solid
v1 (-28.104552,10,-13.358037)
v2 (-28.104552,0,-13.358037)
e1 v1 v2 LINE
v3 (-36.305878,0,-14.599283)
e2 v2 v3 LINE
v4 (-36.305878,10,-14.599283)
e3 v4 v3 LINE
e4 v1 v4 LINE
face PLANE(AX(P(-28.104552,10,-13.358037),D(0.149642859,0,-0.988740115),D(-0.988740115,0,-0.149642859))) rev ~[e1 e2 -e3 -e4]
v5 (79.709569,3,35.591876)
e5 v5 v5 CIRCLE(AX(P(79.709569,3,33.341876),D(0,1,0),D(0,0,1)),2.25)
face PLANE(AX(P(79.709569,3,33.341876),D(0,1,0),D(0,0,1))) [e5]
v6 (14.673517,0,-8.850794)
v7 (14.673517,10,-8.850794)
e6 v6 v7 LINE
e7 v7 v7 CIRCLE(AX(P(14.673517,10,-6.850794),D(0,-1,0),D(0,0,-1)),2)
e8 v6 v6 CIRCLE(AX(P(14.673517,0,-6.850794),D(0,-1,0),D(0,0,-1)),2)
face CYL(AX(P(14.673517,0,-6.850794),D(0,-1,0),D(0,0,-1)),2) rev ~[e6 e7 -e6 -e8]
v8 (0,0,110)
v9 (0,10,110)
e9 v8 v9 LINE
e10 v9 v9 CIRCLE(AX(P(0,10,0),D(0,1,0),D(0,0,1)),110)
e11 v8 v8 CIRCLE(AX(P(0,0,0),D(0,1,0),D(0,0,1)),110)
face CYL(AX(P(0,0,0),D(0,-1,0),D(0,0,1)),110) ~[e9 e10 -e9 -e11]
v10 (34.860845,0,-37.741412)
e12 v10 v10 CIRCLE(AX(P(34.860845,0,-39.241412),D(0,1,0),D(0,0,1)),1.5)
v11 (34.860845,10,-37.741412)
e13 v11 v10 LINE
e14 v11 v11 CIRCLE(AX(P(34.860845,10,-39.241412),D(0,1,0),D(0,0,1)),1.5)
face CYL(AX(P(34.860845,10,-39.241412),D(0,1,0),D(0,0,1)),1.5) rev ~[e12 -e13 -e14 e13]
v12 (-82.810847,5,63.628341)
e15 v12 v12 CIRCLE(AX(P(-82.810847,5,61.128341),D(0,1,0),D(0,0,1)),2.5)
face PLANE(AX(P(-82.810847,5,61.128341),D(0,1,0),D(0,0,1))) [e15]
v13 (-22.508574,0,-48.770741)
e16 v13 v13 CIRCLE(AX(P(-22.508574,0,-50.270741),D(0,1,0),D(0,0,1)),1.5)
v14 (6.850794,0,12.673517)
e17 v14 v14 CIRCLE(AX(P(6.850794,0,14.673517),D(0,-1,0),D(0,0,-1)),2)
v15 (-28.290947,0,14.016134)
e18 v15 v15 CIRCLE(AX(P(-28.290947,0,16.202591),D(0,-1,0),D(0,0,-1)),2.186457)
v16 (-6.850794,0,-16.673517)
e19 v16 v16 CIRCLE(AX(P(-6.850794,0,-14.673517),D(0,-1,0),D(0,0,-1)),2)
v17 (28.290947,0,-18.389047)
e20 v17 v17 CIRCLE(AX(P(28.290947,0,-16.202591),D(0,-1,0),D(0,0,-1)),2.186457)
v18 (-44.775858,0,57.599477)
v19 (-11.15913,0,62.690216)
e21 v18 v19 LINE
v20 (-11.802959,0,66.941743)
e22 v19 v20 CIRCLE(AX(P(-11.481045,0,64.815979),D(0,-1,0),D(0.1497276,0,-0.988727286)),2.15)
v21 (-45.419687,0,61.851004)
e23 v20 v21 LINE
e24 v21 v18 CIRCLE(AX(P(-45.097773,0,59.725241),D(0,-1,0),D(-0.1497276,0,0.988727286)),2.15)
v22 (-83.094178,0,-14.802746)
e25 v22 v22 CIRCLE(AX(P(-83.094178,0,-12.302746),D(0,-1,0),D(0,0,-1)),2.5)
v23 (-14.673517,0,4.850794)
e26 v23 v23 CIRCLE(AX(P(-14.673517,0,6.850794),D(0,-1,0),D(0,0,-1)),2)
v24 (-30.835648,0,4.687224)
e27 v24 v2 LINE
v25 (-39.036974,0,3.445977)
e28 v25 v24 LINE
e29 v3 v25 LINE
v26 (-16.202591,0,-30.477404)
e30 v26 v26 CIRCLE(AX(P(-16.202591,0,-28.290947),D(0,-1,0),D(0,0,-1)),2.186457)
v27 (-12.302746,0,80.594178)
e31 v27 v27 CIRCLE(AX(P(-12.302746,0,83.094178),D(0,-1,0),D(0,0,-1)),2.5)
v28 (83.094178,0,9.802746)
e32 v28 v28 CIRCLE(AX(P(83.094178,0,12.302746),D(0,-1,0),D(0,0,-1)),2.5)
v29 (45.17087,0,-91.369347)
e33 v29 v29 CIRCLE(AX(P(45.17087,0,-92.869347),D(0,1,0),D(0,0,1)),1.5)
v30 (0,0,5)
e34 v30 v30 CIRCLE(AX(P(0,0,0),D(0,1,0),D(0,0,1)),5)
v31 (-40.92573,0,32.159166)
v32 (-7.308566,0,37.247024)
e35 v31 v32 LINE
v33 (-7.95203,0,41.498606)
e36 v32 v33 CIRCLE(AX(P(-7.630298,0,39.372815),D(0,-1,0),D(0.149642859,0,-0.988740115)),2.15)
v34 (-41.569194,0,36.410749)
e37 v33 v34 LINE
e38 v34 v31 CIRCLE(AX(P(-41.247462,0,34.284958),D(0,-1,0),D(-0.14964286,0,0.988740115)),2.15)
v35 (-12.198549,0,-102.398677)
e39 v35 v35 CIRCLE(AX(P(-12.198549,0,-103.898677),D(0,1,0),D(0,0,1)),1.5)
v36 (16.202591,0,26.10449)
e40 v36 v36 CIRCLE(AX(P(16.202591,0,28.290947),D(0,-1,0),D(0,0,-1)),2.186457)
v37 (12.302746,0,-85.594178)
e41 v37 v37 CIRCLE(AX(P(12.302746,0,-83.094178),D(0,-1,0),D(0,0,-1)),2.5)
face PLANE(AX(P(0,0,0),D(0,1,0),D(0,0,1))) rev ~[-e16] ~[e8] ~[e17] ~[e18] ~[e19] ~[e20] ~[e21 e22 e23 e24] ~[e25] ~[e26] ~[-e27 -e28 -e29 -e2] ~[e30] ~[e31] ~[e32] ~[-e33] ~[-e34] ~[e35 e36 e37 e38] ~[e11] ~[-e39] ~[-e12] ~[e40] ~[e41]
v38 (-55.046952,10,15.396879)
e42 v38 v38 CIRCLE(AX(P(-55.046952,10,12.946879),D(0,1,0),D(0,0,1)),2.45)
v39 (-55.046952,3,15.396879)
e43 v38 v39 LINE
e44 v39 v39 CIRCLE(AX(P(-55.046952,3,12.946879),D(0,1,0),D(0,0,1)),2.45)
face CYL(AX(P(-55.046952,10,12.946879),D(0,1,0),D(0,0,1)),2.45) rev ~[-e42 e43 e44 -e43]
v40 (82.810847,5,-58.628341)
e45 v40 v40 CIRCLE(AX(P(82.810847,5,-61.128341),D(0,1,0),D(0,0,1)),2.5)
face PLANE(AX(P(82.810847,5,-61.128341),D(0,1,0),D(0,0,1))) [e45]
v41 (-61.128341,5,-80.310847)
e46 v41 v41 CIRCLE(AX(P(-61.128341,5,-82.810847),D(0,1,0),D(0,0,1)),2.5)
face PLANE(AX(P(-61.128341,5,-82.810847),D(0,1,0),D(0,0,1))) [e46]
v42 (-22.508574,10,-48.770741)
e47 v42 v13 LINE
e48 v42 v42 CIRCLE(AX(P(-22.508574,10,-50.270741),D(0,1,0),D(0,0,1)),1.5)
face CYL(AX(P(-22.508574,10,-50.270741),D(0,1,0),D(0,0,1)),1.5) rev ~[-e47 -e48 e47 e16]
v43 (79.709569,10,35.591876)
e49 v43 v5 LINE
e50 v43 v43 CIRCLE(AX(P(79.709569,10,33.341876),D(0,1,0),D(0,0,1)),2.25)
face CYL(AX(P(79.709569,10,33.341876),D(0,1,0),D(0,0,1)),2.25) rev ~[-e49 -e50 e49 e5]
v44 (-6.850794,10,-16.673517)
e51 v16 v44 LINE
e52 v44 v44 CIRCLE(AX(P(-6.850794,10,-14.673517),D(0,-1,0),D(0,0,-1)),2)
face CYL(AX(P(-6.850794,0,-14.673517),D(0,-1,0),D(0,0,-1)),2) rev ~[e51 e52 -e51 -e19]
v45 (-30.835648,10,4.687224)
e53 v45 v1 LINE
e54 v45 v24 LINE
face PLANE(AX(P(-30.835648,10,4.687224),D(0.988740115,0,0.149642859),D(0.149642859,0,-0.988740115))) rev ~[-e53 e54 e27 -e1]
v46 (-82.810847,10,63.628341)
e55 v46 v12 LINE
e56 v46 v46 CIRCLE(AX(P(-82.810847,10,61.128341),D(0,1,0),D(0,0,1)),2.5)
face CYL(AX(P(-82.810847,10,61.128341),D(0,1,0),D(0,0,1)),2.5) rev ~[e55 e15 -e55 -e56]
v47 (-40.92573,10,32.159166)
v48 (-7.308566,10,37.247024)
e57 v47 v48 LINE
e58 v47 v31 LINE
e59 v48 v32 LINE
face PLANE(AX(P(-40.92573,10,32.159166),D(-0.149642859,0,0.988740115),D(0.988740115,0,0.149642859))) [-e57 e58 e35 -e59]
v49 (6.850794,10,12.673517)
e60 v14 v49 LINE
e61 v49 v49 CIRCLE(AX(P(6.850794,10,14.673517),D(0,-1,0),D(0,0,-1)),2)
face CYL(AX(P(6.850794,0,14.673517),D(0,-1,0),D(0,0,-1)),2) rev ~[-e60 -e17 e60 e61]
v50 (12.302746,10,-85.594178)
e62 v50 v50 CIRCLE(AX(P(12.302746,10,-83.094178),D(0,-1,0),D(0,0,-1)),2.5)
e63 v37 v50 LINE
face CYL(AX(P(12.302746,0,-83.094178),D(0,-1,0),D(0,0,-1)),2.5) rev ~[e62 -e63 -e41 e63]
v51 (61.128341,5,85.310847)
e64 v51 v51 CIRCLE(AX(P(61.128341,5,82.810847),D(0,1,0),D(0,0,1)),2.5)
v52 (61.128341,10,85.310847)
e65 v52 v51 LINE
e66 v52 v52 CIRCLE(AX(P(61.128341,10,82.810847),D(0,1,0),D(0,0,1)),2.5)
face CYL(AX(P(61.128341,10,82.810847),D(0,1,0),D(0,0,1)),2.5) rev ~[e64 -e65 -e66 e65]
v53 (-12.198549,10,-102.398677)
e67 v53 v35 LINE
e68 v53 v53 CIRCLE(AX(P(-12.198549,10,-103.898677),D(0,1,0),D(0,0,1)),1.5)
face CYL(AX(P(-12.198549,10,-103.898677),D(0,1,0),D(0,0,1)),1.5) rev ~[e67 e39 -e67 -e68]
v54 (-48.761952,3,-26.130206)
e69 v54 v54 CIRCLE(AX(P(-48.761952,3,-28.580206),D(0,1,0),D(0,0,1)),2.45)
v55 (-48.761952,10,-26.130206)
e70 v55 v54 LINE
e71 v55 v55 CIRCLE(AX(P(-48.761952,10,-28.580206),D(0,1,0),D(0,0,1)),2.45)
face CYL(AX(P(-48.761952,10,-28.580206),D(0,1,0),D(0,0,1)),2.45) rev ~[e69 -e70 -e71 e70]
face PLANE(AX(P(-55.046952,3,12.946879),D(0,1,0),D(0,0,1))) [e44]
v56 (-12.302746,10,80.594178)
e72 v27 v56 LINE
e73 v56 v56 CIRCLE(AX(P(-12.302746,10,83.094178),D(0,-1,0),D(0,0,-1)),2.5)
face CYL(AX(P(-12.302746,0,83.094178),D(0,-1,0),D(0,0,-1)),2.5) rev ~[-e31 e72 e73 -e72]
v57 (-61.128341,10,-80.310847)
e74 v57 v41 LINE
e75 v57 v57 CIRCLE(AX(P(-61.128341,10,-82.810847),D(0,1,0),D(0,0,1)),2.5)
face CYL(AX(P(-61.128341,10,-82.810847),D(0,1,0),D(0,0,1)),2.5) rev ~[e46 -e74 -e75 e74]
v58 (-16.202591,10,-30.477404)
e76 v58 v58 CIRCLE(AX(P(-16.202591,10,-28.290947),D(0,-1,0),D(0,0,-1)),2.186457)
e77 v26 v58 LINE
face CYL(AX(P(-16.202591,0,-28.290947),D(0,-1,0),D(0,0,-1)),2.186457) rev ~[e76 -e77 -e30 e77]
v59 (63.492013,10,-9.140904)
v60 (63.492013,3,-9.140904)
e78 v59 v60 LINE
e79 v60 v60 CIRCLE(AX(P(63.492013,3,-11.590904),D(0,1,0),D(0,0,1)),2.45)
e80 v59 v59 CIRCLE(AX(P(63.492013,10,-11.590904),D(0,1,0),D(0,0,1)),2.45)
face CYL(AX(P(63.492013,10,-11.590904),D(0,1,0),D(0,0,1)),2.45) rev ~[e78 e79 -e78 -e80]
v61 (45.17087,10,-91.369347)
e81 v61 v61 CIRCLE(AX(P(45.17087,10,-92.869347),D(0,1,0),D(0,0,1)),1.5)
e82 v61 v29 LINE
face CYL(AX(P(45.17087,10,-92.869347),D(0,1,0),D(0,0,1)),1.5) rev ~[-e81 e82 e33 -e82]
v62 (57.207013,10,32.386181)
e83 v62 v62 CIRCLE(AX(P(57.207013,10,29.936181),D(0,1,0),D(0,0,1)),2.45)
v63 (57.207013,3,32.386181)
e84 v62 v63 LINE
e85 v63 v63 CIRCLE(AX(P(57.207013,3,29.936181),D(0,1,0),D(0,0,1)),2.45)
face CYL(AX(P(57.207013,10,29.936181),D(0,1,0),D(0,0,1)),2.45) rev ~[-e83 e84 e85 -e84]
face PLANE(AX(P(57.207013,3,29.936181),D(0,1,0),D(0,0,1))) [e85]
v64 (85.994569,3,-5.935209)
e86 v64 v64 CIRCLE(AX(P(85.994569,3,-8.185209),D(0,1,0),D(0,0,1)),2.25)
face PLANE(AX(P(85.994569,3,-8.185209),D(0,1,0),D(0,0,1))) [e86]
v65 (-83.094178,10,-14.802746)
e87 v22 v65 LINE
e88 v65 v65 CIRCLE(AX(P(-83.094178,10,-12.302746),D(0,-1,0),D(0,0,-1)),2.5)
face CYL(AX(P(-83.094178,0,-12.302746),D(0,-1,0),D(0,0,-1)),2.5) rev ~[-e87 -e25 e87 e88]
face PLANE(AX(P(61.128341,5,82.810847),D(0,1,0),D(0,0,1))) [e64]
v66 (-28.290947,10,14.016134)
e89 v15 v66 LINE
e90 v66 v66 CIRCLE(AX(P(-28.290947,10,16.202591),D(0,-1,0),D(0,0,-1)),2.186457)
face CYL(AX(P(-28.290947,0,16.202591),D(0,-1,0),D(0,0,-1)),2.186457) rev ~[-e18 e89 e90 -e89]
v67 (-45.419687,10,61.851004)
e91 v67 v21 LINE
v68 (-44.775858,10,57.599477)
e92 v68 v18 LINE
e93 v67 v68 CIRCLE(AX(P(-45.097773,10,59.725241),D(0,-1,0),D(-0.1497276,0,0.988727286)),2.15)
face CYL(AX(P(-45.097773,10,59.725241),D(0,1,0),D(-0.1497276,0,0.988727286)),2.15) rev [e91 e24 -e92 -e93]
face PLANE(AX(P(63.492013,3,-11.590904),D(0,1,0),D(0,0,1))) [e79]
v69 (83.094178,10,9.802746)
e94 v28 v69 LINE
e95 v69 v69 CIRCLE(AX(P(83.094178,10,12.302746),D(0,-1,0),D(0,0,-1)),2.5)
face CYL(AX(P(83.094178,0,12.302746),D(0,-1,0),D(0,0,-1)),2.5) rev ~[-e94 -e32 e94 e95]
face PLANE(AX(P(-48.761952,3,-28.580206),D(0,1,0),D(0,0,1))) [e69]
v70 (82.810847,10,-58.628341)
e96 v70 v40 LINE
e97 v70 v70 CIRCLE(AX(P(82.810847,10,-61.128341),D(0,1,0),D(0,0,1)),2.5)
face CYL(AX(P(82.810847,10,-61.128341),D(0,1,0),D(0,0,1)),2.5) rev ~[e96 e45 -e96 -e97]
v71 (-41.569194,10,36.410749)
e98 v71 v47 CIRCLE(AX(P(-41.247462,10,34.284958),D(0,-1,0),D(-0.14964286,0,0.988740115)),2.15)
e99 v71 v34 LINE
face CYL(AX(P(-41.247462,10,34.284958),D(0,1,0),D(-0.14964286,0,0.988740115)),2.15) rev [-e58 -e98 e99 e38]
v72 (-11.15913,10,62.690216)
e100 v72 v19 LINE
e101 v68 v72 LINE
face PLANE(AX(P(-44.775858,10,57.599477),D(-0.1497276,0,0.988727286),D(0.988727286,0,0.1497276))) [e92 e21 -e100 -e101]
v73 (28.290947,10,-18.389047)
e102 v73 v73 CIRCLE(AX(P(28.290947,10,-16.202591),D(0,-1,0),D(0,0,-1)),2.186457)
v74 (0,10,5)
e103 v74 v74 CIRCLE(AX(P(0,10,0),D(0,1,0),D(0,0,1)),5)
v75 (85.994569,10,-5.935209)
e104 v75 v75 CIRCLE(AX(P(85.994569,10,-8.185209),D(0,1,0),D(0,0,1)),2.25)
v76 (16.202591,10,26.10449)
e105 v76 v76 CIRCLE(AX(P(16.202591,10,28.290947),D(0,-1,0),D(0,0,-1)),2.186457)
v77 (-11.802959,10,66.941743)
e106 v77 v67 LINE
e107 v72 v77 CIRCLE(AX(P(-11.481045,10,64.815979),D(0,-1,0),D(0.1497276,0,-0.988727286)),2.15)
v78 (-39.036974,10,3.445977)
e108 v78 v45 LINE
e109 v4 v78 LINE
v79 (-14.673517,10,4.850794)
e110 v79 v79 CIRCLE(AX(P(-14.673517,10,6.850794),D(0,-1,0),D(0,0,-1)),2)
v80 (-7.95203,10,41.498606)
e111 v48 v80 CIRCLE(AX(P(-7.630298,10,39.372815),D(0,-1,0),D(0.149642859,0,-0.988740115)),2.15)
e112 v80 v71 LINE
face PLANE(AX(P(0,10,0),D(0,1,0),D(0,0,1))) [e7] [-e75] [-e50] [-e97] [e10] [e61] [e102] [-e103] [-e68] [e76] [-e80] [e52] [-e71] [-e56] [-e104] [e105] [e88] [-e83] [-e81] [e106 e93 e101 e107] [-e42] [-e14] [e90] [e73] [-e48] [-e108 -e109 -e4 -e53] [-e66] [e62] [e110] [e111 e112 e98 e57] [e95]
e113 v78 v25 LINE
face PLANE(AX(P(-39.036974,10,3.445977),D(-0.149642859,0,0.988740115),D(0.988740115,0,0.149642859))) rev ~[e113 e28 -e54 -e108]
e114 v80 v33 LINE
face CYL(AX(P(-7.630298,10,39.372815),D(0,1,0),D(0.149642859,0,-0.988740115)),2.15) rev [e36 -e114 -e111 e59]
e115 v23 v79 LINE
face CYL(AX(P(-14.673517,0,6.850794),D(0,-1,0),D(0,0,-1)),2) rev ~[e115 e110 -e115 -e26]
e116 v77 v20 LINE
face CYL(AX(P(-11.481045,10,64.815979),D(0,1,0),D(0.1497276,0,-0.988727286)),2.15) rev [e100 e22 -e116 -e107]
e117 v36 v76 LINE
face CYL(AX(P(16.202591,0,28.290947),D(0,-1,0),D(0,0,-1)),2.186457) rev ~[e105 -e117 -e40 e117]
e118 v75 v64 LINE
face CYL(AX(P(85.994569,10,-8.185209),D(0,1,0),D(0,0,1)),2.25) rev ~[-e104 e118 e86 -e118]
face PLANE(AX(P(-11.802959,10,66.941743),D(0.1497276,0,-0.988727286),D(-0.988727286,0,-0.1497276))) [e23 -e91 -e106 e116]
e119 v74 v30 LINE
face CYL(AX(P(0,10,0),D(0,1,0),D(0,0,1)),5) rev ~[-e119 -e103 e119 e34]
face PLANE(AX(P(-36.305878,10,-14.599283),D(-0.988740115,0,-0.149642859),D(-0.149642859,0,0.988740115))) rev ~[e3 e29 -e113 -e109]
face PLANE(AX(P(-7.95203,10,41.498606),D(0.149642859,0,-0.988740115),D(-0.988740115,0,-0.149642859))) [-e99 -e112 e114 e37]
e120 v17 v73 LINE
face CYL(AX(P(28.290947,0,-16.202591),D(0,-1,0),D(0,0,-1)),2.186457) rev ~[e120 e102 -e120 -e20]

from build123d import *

# Parameters (mm, degrees)
CROQUIS1_R              = 110
SALIENTE_EXTRUIR1_DEPTH = 10
CORTAR_EXTRUIR1_DEPTH   = 10
CROQUIS4_R              = 2
CORTAR_EXTRUIR3_DEPTH   = 156.884572681
CROQUIS5_R              = 2.45
CROQUIS5_R_2            = 2.25
CORTAR_EXTRUIR4_DEPTH   = 7
CROQUIS8_R              = 5
CORTAR_EXTRUIR5_DEPTH   = 156.884572681
CROQUIS11_R             = 2.5
CORTAR_EXTRUIR6_DEPTH   = 10
CROQUIS12_R             = 1.5
CORTAR_EXTRUIR7_DEPTH   = 10
CORTAR_EXTRUIR8_DEPTH   = 156.884572681
CROQUIS14_R             = 2.5
CORTAR_EXTRUIR9_DEPTH   = 5
CROQUIS17_R             = 2.186456698
CORTAR_EXTRUIR10_DEPTH  = 156.884572681


with BuildPart() as part:
    # Croquis1 → Saliente-Extruir1 (new body)
    with BuildSketch(Plane(origin=(0, 0, 0), x_dir=(1, 0, 0), z_dir=(0, 1, 0))):
        with Locations(Location((0, 0, 0), (0, 0, 270))):
            Circle(CROQUIS1_R)
    extrude(amount=SALIENTE_EXTRUIR1_DEPTH)

    # Croquis2 → Cortar-Extruir1 (cut)
    with BuildSketch(Plane(origin=(0, 10, 0), x_dir=(1, 0, 0), z_dir=(0, 1, 0))):
        with BuildLine():
            Line((-40.925729633, -32.159166383), (-7.30856573, -37.247023602))
            ThreePointArc((-7.30856573, -37.247023602), (-5.504506631, -39.694546997), (-7.952030025, -41.498606096))
            Line((-7.952030025, -41.498606096), (-41.569193929, -36.410748877))
            ThreePointArc((-41.569193929, -36.410748877), (-43.373253028, -33.963225482), (-40.925729633, -32.159166383))
        make_face()
        with BuildLine():
            Line((-11.802959176, -66.941742857), (-45.419686894, -61.851004448))
            ThreePointArc((-45.419686894, -61.851004448), (-47.223536218, -59.403326443), (-44.775858213, -57.599477119))
            Line((-44.775858213, -57.599477119), (-11.159130495, -62.690215528))
            ThreePointArc((-11.159130495, -62.690215528), (-9.355281171, -65.137893533), (-11.802959176, -66.941742857))
        make_face()
    extrude(amount=-CORTAR_EXTRUIR1_DEPTH, mode=Mode.SUBTRACT)

    # Croquis4 → Cortar-Extruir3 (cut, through all)
    with BuildSketch(Plane.XZ):
        with Locations(Location((-6.850793921, -14.673517402, 0), (0, 0, 270))):
            Circle(CROQUIS4_R)
        with Locations(Location((14.673517402, -6.850793921, 0), (0, 0, 270))):
            Circle(CROQUIS4_R)
        with Locations(Location((-14.673517402, 6.850793921, 0), (0, 0, 270))):
            Circle(CROQUIS4_R)
        with Locations(Location((6.850793921, 14.673517402, 0), (0, 0, 270))):
            Circle(CROQUIS4_R)
    extrude(amount=-CORTAR_EXTRUIR3_DEPTH, mode=Mode.SUBTRACT)

    # Croquis5 → Cortar-Extruir4 (cut)
    with BuildSketch(Plane(origin=(0, 10, 0), x_dir=(1, 0, 0), z_dir=(0, 1, 0))):
        with Locations(Location((-48.761952302, 28.58020577, 0), (0, 0, 270))):
            Circle(CROQUIS5_R)
        with Locations(Location((-55.046952396, -12.946879052, 0), (0, 0, 270))):
            Circle(CROQUIS5_R)
        with Locations(Location((63.492012818, 11.590903863, 0), (0, 0, 270))):
            Circle(CROQUIS5_R)
        with Locations(Location((57.207012724, -29.936180959, 0), (0, 0, 270))):
            Circle(CROQUIS5_R)
        with Locations(Location((85.994568937, 8.185209293, 0), (0, 0, 270))):
            Circle(CROQUIS5_R_2)
        with Locations(Location((79.709568842, -33.341875529, 0), (0, 0, 270))):
            Circle(CROQUIS5_R_2)
    extrude(amount=-CORTAR_EXTRUIR4_DEPTH, mode=Mode.SUBTRACT)

    # Croquis8 → Cortar-Extruir5 (cut, through all)
    with BuildSketch(Plane(origin=(0, 10, 0), x_dir=(1, 0, 0), z_dir=(0, 1, 0))):
        with Locations(Location((0, 0, 0), (0, 0, 270))):
            Circle(CROQUIS8_R)
    extrude(amount=-CORTAR_EXTRUIR5_DEPTH, mode=Mode.SUBTRACT)

    # Croquis11 → Cortar-Extruir6 (cut)
    with BuildSketch(Plane.XZ):
        with Locations(Location((-83.094178071, -12.302746472, 0), (0, 0, 270))):
            Circle(CROQUIS11_R)
        with Locations(Location((12.302746472, -83.094178071, 0), (0, 0, 270))):
            Circle(CROQUIS11_R)
        with Locations(Location((83.094178071, 12.302746472, 0), (0, 0, 270))):
            Circle(CROQUIS11_R)
        with Locations(Location((-12.302746472, 83.094178071, 0), (0, 0, 270))):
            Circle(CROQUIS11_R)
    extrude(amount=-CORTAR_EXTRUIR6_DEPTH, mode=Mode.SUBTRACT)

    # Croquis12 → Cortar-Extruir7 (cut)
    with BuildSketch(Plane(origin=(0, 10, 0), x_dir=(1, 0, 0), z_dir=(0, 1, 0))):
        with Locations(Location((34.860845045, 39.241411656, 0), (0, 0, 270))):
            Circle(CROQUIS12_R)
        with Locations(Location((45.170870311, 92.869347277, 0), (0, 0, 270))):
            Circle(CROQUIS12_R)
        with Locations(Location((-12.198549191, 103.898676632, 0), (0, 0, 270))):
            Circle(CROQUIS12_R)
        with Locations(Location((-22.508574457, 50.270741011, 0), (0, 0, 270))):
            Circle(CROQUIS12_R)
    extrude(amount=-CORTAR_EXTRUIR7_DEPTH, mode=Mode.SUBTRACT)

    # Croquis13 → Cortar-Extruir8 (cut, through all)
    with BuildSketch(Plane(origin=(0, 10, 0), x_dir=(1, 0, 0), z_dir=(0, 1, 0))):
        Polygon((-39.036973786, -3.44597737), (-30.835647873, -4.687223519), (-28.104551712, 13.358036658), (-36.305877626, 14.599282808), align=None)
    extrude(amount=-CORTAR_EXTRUIR8_DEPTH, mode=Mode.SUBTRACT)

    # Croquis14 → Cortar-Extruir9 (cut)
    with BuildSketch(Plane(origin=(0, 10, 0), x_dir=(1, 0, 0), z_dir=(0, 1, 0))):
        with Locations(Location((-61.128340654, 82.810846507, 0), (0, 0, 270))):
            Circle(CROQUIS14_R)
        with Locations(Location((-82.810846507, -61.128340654, 0), (0, 0, 270))):
            Circle(CROQUIS14_R)
        with Locations(Location((61.128340654, -82.810846507, 0), (0, 0, 270))):
            Circle(CROQUIS14_R)
        with Locations(Location((82.810846507, 61.128340654, 0), (0, 0, 270))):
            Circle(CROQUIS14_R)
    extrude(amount=-CORTAR_EXTRUIR9_DEPTH, mode=Mode.SUBTRACT)

    # Croquis17 → Cortar-Extruir10 (cut, through all)
    with BuildSketch(Plane.XZ):
        with Locations(Location((-28.290947151, 16.202590632, 0), (0, 0, 270))):
            Circle(CROQUIS17_R)
        with Locations(Location((16.202590632, 28.290947151, 0), (0, 0, 270))):
            Circle(CROQUIS17_R)
        with Locations(Location((28.290947151, -16.202590632, 0), (0, 0, 270))):
            Circle(CROQUIS17_R)
        with Locations(Location((-16.202590632, -28.290947151, 0), (0, 0, 270))):
            Circle(CROQUIS17_R)
    extrude(amount=-CORTAR_EXTRUIR10_DEPTH, mode=Mode.SUBTRACT)


solid = part.part
